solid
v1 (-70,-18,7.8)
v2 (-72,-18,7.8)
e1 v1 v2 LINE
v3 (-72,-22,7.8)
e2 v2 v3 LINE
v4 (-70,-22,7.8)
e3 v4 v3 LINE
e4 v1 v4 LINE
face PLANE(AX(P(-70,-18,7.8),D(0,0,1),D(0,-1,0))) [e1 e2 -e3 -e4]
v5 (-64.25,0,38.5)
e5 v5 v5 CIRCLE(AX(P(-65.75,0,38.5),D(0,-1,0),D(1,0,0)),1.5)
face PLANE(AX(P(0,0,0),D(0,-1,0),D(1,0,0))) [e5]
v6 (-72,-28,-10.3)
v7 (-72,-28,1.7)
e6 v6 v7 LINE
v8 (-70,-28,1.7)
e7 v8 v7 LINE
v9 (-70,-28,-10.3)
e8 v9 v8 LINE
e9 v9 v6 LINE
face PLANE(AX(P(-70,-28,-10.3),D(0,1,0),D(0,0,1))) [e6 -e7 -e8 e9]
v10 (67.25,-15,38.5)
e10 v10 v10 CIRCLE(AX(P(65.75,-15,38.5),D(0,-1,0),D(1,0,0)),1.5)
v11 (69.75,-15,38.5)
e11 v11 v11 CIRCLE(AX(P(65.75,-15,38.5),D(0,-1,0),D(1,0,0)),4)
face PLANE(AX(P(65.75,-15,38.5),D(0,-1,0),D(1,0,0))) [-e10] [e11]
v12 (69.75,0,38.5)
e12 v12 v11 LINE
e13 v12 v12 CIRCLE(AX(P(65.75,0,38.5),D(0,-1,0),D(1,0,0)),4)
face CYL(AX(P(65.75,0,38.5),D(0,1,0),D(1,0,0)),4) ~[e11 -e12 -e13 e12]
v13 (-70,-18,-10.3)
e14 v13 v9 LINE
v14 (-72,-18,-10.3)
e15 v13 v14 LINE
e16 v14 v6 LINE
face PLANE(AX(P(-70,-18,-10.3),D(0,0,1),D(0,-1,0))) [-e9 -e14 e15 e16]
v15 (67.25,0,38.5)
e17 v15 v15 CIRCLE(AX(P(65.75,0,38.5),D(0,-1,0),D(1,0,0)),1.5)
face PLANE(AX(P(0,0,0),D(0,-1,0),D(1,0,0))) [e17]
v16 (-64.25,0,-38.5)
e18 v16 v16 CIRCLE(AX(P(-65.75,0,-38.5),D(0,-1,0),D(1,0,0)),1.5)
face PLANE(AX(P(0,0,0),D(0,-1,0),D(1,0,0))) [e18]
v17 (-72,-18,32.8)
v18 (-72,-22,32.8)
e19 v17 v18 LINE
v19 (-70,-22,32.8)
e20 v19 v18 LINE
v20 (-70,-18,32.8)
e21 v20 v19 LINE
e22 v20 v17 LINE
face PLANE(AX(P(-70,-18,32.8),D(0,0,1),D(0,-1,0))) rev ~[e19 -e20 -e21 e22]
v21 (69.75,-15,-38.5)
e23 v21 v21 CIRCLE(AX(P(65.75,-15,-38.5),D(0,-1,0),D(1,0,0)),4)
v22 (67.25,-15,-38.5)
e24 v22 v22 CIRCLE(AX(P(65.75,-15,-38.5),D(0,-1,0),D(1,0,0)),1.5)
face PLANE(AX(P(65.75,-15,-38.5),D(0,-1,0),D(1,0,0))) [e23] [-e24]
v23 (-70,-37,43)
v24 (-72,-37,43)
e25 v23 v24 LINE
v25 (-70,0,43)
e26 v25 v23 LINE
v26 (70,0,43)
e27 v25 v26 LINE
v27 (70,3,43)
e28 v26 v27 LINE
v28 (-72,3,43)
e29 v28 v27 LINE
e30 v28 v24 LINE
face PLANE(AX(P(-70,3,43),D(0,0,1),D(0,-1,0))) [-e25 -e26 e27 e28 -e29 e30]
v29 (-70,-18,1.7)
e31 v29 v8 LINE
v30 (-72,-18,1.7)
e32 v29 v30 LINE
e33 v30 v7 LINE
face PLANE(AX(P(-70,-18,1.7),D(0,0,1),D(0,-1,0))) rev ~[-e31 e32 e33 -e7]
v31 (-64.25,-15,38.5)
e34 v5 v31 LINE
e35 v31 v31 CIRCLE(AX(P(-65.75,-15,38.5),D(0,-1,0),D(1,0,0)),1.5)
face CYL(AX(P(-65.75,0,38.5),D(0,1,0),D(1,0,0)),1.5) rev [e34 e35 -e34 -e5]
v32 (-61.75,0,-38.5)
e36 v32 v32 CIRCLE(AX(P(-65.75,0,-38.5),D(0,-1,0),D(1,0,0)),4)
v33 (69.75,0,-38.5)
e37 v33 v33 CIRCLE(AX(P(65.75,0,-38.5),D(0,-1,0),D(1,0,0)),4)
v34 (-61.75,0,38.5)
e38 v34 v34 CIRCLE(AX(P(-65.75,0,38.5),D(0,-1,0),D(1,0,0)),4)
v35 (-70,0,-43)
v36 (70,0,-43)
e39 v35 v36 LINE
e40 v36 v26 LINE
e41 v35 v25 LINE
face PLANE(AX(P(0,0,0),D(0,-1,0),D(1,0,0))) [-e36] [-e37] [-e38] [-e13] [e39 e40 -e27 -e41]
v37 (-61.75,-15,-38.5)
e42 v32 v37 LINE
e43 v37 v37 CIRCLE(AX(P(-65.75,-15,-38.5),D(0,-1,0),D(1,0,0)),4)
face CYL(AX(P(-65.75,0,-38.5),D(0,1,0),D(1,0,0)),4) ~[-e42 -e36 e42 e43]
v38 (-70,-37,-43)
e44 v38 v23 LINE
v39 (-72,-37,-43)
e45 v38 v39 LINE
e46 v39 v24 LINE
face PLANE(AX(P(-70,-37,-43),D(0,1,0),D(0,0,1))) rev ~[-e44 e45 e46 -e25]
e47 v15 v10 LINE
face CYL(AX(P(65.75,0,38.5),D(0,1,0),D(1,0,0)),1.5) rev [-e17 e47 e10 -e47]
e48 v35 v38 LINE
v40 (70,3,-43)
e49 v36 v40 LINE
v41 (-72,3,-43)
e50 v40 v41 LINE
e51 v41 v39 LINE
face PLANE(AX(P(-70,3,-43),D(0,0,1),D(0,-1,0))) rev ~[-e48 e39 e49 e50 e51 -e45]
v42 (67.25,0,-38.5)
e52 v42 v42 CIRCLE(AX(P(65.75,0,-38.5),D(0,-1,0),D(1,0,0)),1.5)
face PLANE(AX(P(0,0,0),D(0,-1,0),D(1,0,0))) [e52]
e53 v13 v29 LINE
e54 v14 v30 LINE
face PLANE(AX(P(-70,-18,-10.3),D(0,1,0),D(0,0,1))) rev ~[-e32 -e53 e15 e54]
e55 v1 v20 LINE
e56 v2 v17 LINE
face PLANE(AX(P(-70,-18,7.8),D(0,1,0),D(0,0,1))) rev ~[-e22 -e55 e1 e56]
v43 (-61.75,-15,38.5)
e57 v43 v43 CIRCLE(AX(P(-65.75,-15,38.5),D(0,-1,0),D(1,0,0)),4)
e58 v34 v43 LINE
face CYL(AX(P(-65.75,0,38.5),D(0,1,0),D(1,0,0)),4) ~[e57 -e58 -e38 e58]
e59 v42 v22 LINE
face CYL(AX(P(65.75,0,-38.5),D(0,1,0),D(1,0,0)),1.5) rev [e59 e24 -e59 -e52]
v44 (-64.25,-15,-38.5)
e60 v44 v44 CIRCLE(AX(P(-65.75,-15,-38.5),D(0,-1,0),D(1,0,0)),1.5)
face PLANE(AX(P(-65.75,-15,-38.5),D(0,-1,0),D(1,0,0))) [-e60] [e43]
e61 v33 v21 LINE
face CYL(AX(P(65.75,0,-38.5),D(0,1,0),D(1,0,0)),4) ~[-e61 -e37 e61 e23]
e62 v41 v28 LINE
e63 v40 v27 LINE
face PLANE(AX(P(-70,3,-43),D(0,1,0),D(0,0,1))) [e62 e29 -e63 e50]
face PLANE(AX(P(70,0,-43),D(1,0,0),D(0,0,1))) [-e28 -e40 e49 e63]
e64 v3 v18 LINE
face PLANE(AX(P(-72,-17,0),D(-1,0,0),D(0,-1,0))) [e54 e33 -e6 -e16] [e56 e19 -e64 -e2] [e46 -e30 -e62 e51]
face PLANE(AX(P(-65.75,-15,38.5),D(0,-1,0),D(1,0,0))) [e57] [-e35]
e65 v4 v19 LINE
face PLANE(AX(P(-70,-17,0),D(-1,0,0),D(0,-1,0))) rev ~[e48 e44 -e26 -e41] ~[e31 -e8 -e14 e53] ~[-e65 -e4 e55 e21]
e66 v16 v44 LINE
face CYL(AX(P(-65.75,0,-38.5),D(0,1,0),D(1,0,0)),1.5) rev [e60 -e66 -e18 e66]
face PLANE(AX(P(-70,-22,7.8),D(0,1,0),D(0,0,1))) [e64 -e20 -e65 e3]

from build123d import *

# Parameters (mm, degrees)
F0_W     = 140
F0_H     = 86
F1_DEPTH = 3
F2_R     = 4
F2_R_2   = 1.5
F3_DEPTH = 15
F4_W     = 40
F4_H     = 86
F4_W_2   = 10
F4_H_2   = 12
F4_W_3   = 4
F4_H_3   = 25
F5_DEPTH = 2


with BuildPart() as f1:
    # F0 (on Front) → F1 (new body)
    with BuildSketch(Plane.XZ):
        Rectangle(F0_W, F0_H)
    extrude(amount=-F1_DEPTH)

    # F2 (on face) → F3 (join)
    with BuildSketch(Plane.XZ):
        with Locations((65.75, 38.5)):
            Circle(F2_R)
        with Locations((65.75, 38.5)):
            Circle(F2_R_2, mode=Mode.SUBTRACT)
        with Locations((-65.75, 38.5)):
            Circle(F2_R)
        with Locations((-65.75, 38.5)):
            Circle(F2_R_2, mode=Mode.SUBTRACT)
        with Locations((-65.75, -38.5)):
            Circle(F2_R)
        with Locations((-65.75, -38.5)):
            Circle(F2_R_2, mode=Mode.SUBTRACT)
        with Locations((65.75, -38.5)):
            Circle(F2_R)
        with Locations((65.75, -38.5)):
            Circle(F2_R_2, mode=Mode.SUBTRACT)
    extrude(amount=F3_DEPTH)

    # F4 (on face) → F5 (join)
    with BuildSketch(Plane(origin=(-70, 0, 0), x_dir=(0, -1, 0), z_dir=(-1, 0, 0))):
        with Locations((17, 0)):
            Rectangle(F4_W, F4_H)
        with Locations((23, -4.3)):
            Rectangle(F4_W_2, F4_H_2, mode=Mode.SUBTRACT)
        with Locations((20, 20.3)):
            Rectangle(F4_W_3, F4_H_3, mode=Mode.SUBTRACT)
    extrude(amount=F5_DEPTH)


solid = f1.part
